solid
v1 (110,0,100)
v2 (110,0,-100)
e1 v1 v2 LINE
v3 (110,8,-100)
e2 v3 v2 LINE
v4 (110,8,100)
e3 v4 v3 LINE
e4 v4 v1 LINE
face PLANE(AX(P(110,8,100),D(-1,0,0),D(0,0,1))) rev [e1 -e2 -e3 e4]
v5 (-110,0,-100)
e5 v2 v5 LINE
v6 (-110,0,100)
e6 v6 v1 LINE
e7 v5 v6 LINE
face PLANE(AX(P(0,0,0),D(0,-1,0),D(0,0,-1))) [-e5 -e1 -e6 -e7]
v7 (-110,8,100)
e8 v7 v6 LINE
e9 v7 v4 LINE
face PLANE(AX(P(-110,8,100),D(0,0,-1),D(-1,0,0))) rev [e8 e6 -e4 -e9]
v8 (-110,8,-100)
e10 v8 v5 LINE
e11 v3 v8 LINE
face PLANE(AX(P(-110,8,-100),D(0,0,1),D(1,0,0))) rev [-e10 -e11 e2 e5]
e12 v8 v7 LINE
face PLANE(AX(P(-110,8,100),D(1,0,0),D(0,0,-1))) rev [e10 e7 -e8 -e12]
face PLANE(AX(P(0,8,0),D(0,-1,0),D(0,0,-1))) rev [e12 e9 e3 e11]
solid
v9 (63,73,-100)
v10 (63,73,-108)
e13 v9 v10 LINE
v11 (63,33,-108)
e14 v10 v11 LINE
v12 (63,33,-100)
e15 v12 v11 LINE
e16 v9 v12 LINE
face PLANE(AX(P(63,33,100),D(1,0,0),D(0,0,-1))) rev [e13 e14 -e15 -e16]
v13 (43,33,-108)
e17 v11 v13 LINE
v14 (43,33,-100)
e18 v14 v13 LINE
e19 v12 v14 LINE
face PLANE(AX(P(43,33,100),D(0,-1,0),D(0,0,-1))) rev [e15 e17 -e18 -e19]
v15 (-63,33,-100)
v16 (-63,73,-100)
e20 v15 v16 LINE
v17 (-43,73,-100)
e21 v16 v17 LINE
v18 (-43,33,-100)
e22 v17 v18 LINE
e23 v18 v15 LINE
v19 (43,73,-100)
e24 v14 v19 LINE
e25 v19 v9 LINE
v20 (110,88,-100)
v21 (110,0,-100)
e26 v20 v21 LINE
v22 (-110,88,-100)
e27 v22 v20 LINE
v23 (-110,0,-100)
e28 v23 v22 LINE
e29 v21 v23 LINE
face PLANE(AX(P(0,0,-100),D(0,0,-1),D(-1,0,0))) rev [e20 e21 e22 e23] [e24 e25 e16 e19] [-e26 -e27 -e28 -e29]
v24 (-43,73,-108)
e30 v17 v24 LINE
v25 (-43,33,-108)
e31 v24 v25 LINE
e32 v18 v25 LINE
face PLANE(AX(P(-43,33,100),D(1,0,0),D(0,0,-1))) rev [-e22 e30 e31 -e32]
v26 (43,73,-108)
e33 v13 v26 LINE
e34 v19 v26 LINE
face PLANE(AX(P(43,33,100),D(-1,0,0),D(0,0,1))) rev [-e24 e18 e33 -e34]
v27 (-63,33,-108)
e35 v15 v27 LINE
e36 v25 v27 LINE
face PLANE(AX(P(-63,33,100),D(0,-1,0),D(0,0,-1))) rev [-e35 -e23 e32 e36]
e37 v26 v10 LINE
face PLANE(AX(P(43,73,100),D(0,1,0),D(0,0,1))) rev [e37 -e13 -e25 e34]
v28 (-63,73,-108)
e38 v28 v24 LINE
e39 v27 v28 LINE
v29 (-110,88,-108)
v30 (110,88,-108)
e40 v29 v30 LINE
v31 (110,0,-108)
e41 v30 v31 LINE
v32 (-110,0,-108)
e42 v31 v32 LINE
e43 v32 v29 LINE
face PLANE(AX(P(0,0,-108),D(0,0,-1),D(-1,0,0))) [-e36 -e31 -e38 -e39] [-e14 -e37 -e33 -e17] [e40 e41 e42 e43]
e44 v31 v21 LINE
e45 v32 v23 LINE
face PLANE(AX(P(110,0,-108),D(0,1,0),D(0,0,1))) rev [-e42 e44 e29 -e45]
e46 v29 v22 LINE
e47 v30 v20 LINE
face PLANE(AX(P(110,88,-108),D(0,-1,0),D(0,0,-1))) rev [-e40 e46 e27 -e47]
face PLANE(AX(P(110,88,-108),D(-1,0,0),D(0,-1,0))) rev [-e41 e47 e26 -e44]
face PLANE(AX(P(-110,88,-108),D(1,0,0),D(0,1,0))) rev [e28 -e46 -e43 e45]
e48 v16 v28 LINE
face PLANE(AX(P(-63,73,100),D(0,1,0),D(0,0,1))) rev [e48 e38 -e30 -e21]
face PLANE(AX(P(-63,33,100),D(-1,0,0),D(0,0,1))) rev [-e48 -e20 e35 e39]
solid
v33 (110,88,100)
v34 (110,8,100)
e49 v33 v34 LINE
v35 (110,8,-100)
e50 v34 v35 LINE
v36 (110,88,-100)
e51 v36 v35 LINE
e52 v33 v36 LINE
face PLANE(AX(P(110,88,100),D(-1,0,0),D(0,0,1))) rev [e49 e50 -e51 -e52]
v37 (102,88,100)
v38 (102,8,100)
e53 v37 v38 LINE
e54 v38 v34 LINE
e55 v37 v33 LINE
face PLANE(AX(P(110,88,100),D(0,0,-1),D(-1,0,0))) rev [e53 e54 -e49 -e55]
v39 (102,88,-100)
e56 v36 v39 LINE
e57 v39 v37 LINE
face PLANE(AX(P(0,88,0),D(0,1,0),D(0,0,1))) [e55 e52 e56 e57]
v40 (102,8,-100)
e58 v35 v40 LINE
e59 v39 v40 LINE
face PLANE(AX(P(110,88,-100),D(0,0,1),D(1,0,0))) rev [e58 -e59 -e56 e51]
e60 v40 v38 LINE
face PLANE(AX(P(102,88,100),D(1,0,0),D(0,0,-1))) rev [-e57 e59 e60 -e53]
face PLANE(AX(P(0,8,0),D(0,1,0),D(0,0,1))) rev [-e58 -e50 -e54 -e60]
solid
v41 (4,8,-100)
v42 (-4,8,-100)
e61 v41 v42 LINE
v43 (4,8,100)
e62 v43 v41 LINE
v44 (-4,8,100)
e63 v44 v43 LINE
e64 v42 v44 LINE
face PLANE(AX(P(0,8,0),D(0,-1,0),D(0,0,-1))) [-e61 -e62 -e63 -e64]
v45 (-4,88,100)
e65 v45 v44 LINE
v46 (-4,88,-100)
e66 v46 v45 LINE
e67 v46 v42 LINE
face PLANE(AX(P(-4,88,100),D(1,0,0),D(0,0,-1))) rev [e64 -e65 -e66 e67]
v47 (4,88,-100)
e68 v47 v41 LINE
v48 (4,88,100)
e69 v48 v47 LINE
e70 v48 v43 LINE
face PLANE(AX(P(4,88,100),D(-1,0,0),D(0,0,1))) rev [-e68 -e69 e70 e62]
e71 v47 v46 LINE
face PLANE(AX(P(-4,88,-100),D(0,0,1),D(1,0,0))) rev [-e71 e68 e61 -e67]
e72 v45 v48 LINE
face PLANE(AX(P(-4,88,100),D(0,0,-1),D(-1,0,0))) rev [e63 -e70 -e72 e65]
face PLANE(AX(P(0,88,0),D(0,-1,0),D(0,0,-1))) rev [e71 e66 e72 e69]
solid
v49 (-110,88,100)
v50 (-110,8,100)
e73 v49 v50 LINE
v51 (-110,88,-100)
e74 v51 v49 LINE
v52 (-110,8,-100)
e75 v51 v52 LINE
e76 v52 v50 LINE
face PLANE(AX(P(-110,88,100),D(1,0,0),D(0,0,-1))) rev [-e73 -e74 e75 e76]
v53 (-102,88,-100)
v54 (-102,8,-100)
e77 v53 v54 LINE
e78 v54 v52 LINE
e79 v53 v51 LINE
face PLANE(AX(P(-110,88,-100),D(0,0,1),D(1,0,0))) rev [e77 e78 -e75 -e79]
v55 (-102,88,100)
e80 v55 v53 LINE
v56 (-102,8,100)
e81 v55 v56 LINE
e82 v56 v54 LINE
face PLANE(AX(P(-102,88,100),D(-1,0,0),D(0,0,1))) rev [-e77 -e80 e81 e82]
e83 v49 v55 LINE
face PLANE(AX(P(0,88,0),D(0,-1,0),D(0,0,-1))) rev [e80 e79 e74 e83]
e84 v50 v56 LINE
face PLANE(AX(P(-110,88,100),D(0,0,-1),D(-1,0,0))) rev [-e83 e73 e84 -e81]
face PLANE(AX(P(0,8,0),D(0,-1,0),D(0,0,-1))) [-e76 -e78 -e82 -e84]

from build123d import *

# Parameters (mm, degrees)
SKETCH1_W             = 220
SKETCH1_H             = 200
BOSS_EXTRUDE1_DEPTH   = 8
SKETCH2_W             = 8
SKETCH2_H             = 200
BOSS_EXTRUDE2_DEPTH   = 80
BOSS_EXTRUDE2_2_DEPTH = 80
BOSS_EXTRUDE2_3_DEPTH = 80
SKETCH3_W             = 220
SKETCH3_H             = 88
BOSS_EXTRUDE3_DEPTH   = 8
SKETCH4_W             = 20
SKETCH4_H             = 40
CUT_EXTRUDE1_DEPTH    = 252.213056985


with BuildPart() as part:
    # Sketch1 → Boss-Extrude1 (new body)
    with BuildSketch(Plane(origin=(0, 0, 0), x_dir=(1, 0, 0), z_dir=(0, 1, 0))):
        Rectangle(SKETCH1_W, SKETCH1_H)
    extrude(amount=BOSS_EXTRUDE1_DEPTH)


with BuildPart() as body_2:
    # Sketch2 → Boss-Extrude2 (new body)
    with BuildSketch(Plane(origin=(0, 8, 0), x_dir=(1, 0, 0), z_dir=(0, 1, 0))):
        with Locations((-106, 0)):
            Rectangle(SKETCH2_W, SKETCH2_H)
    extrude(amount=BOSS_EXTRUDE2_DEPTH)


with BuildPart() as body_3:
    # Sketch2 → Boss-Extrude2 2 (new body)
    with BuildSketch(Plane(origin=(0, 8, 0), x_dir=(1, 0, 0), z_dir=(0, 1, 0))):
        with Locations((106, 0)):
            Rectangle(SKETCH2_W, SKETCH2_H)
    extrude(amount=BOSS_EXTRUDE2_2_DEPTH)


with BuildPart() as body_4:
    # Sketch2 → Boss-Extrude2 3 (new body)
    with BuildSketch(Plane(origin=(0, 8, 0), x_dir=(1, 0, 0), z_dir=(0, 1, 0))):
        Rectangle(SKETCH2_W, SKETCH2_H)
    extrude(amount=BOSS_EXTRUDE2_3_DEPTH)


with BuildPart() as body_5:
    # Sketch3 → Boss-Extrude3 (new body)
    with BuildSketch(Plane(origin=(0, 0, -100), x_dir=(-1, 0, 0), z_dir=(0, 0, -1))):
        with Locations((0, 44)):
            Rectangle(SKETCH3_W, SKETCH3_H)
    extrude(amount=BOSS_EXTRUDE3_DEPTH)

    # Sketch4 → Cut-Extrude1 (cut, through all)
    with BuildSketch(Plane(origin=(0, 0, -108), x_dir=(-1, 0, 0), z_dir=(0, 0, -1))):
        with Locations((53, 53)):
            Rectangle(SKETCH4_W, SKETCH4_H)
        with Locations((-53, 53)):
            Rectangle(SKETCH4_W, SKETCH4_H)
    extrude(amount=-CUT_EXTRUDE1_DEPTH, mode=Mode.SUBTRACT)


solid = Compound([part.part, body_2.part, body_3.part, body_4.part, body_5.part])
